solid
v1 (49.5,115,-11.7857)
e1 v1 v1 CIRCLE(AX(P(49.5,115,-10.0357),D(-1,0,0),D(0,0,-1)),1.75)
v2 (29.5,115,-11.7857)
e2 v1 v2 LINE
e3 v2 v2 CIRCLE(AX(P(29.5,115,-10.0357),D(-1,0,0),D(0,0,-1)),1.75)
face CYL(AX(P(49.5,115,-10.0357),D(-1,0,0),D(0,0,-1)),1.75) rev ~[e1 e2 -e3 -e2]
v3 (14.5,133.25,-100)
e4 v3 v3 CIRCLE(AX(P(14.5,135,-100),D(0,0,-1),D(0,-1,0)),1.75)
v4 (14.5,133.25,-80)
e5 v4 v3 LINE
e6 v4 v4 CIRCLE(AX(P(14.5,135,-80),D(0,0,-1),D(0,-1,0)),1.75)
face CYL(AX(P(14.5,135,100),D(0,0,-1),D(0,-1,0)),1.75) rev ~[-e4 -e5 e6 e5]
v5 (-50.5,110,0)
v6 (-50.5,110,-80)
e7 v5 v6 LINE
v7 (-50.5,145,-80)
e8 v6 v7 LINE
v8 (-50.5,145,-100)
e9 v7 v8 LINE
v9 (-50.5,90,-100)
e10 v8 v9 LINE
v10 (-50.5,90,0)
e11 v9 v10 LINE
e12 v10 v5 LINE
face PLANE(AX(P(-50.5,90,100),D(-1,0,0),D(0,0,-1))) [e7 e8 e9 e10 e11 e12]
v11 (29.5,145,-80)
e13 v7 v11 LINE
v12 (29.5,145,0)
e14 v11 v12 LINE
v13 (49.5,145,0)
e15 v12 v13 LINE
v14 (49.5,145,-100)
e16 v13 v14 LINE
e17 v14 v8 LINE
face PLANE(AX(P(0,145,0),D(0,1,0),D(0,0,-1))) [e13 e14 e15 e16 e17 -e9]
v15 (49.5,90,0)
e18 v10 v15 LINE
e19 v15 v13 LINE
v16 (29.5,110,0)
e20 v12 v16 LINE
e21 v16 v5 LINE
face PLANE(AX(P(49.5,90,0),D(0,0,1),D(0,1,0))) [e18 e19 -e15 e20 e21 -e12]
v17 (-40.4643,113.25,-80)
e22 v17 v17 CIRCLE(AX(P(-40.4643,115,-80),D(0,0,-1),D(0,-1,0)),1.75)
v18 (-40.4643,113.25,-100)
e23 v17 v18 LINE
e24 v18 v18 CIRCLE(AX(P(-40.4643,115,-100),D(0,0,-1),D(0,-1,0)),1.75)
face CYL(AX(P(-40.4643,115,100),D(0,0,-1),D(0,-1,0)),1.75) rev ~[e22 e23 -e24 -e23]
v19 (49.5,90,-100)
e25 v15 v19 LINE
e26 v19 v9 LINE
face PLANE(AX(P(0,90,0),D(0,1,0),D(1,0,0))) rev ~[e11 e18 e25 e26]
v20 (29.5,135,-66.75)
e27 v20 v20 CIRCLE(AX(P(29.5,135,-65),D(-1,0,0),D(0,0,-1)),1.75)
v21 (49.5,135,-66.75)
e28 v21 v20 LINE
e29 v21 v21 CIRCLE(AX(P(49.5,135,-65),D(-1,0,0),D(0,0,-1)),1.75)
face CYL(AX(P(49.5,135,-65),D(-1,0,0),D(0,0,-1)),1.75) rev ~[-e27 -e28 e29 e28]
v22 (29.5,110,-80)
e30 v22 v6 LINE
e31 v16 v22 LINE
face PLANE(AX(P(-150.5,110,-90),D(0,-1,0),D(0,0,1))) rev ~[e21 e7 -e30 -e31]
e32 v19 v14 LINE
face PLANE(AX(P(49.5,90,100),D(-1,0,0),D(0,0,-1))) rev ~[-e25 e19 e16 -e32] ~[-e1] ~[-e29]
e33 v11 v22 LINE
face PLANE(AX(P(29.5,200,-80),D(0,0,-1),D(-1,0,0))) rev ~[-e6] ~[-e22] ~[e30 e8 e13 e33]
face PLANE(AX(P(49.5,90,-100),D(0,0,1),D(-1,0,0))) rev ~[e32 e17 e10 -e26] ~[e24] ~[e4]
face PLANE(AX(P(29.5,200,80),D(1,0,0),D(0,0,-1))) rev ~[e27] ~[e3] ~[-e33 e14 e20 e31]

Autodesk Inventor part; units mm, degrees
ref_plane "YZ Plane" through (0, 0, 0) normal (1, 0, 0) x (0, 1, 0)
ref_plane "XZ Plane" through (0, 0, 0) normal (0, 1, 0) x (-1, 0, 0)
ref_plane "XY Plane" through (0, 0, 0) normal (0, 0, 1) x (1, 0, 0)
sketch "Boceto2" plane through (0, 0, 0) normal (0, 1, 0) x (-1, 0, 0)
  line L0 (7.5, 100) -> (-7.5, 100)
  line L1 (-7.5, 100) -> (-7.5, -100)
  line L2 (-7.5, -100) -> (7.5, -100)
  line L3 (7.5, -100) -> (7.5, 100)
  line L4 (7.5, 100) -> (-7.5, -100) construction
  line L5 (-7.5, 100) -> (7.5, -100) construction
  point P0 (0, 0)
  dimension "d7" = 15
  dimension "d8" = 200
extrude "Extrusión1" add sketch "Boceto2" along normal blind 10
sketch "Boceto3" plane through (0, 10, 0) normal (0, 1, 0) x (1, 0, 0)
  circle A0 centre (3.25, 58.25) radius 1.75
  line L0 (5, 50) -> (-5, 50)
  line L1 (-5, 50) -> (-5, 60)
  line L2 (-5, 60) -> (5, 60)
  line L3 (5, 60) -> (5, 50)
  line L4 (5, 50) -> (-5, 60) construction
  line L5 (-5, 50) -> (5, 60) construction
  circle A1 centre (-3.25, 51.75) radius 1.75
  line L6 (7.5, 100) -> (-7.5, 100) projected
  line L7 (-7.5, 0) -> (3.408, 0)
  line L8 (5, -60) -> (5, -50)
  line L9 (-5, -60) -> (5, -60)
  line L10 (5, -50) -> (-5, -50)
  line L11 (-5, -50) -> (-5, -60)
  line L12 (-5, -50) -> (5, -60) construction
  circle A2 centre (-3.25, -51.75) radius 1.75
  line L13 (5, -50) -> (-5, -60) construction
  circle A3 centre (3.25, -58.25) radius 1.75
  line L14 (-7.5, -100) -> (7.5, -100) projected
  point P0 (0, 0)
  point P1 (-5, 55)
  point P2 (0, 100)
  point P3 (-5, -55)
  dimension "d11" = 3.5
  dimension "d12" = 1.75
  dimension "d13" = 1.75
  dimension "d14" = 1.75
  dimension "d15" = 1.75
  dimension "d16" = 10
  dimension "d17" = 10
  dimension "d19" = 40
  dimension "d81" = 40
hole "Agujero1" at (3.25, 10, 58.25) at (-3.25, 10, 51.75) at (3.25, 10, -58.25) at (-3.25, 10, -51.75) direction (0, -1, 0) diameter 3.5 end through all
sketch "Boceto4" plane through (0, 10, 0) normal (0, 1, 0) x (1, 0, 0)
  line L0 (-7.5, 100) -> (-7.5, -100) projected
  line L1 (-7.5, -100) -> (7.5, -100)
  line L2 (7.5, -100) -> (7.5, -80)
  line L3 (7.5, -80) -> (-7.5, -80)
  line L4 (-7.5, -80) -> (-7.5, -100)
  line L5 (-7.5, 0) -> (1.0116, 0)
  line L6 (-7.5, -100) -> (-7.5, 100)
  line L7 (-7.5, 100) -> (7.5, 100)
  line L8 (7.5, 100) -> (7.5, 80)
  line L9 (7.5, 80) -> (-7.5, 80)
  line L10 (-7.5, 80) -> (-7.5, 100)
  point P0 (0, 0)
  point P1 (-7.5, -80)
  point P2 (-7.5, 80)
  dimension "d27" = 15
  dimension "d28" = 20
extrude "Extrusión2" add sketch "Boceto4" along normal blind 80
sketch "Boceto5" plane through (0, 90, 0) normal (0, 1, 0) x (1, 0, 0)
  line L0 (-7.5, -100) -> (7.5, -100) projected
  line L1 (-7.5, -100) -> (49.5, -100)
  line L2 (49.5, -100) -> (49.5, 100)
  line L3 (49.5, 100) -> (-7.5, 100)
  line L4 (-7.5, 100) -> (-7.5, -100)
  line L5 (49.5, -100) -> (-150.5, -100)
  line L6 (-150.5, -100) -> (-150.5, 100)
  line L7 (-150.5, 100) -> (49.5, 100)
  line L8 (49.5, 100) -> (49.5, -100)
  point P0 (0, 0)
  point P1 (-7.5, 100)
  dimension "d31" = 57
  dimension "d32" = 200
  dimension "d75" = 200
extrude "Extrusión3" add sketch "Boceto5" along normal blind 110
sketch "Boceto6" plane through (0, 200, 0) normal (0, 1, 0) x (1, 0, 0)
  line L0 (49.5, 100) -> (7.5, 100) projected
  line L1 (49.5, 100) -> (29.5, 100)
  line L2 (29.5, 100) -> (29.5, 80)
  line L3 (7.5, -100) -> (49.5, -100) projected
  line L4 (28.5, -100) -> (28.5, -80)
  line L5 (-150.5, 100) -> (-150.5, -100) projected
  line L6 (29.5, 80) -> (-150.5, 80)
  line L7 (-150.5, 80) -> (-150.5, -80)
  line L8 (-150.5, -80) -> (29.5, -80)
  line L9 (29.5, -80) -> (29.5, 80)
  line L10 (-150.5, -100) -> (49.5, -100) projected
  point P0 (7.5, 80)
  point P1 (-50.5, -100)
  dimension "d36" = 20
  dimension "d37" = 20
  dimension "d38" = 20
  dimension "d77" = 20
extrude "Extrusión4" cut sketch "Boceto6" against normal blind 90 contours L8 L5 L6 L9
sketch "Boceto7" plane through (-150.5, 90, -100) normal (-1, 0, 0) x (0, 0, 1)
  line L0 (0, 110) -> (20, 110) projected
  line L1 (20, 110) -> (10, 110)
  line L2 (10, 110) -> (10, 20)
  line L3 (10, 20) -> (20, 20)
  line L4 (20, 20) -> (20, 110)
  line L5 (180, 110) -> (180, 20) projected
  line L6 (180, 110) -> (190, 110)
  line L7 (190, 110) -> (190, 20)
  line L8 (190, 20) -> (180, 20)
  line L9 (180, 20) -> (180, 110)
  line L10 (200, 0) -> (200, 110) projected
  line L11 (0, 0) -> (0, 110) projected
  line L12 (0, 110) -> (10, 110)
  line L13 (10, 110) -> (10, 20)
  line L14 (10, 20) -> (0, 20)
  line L15 (0, 20) -> (0, 110)
  line L16 (200, 110) -> (0, 110) projected
  line L17 (200, 110) -> (190, 110)
  line L18 (190, 110) -> (190, 20)
  line L19 (190, 20) -> (200, 20)
  line L20 (200, 20) -> (200, 110)
  point P0 (100, -90)
  dimension "d63" = 10
  dimension "d65" = 10
  dimension "d76" = 10
extrude "Extrusión5" cut sketch "Boceto7" against normal blind 30 contours L6 L7 L8 L5 | L0 L4 L3 L2
sketch "Boceto8" plane through (-7.5, 0, 100) normal (0, 0, 1) x (1, 0, 0)
  line L0 (-113, 110) -> (-113, 200) projected
  line L1 (-113, 200) -> (-113, 110)
  circle A0 centre (-124.75, 183.25) radius 1.75
  line L2 (-123, 175) -> (-133, 175)
  line L3 (-133, 175) -> (-133, 185)
  line L4 (-133, 185) -> (-123, 185)
  line L5 (-123, 185) -> (-123, 175)
  line L6 (-123, 175) -> (-133, 185) construction
  line L7 (-133, 175) -> (-123, 185) construction
  circle A1 centre (-131.25, 176.75) radius 1.75
  line L8 (-143, 200) -> (57, 200) projected
  line L9 (-143, 90) -> (-143, 200) projected
  line L10 (-113, 155) -> (-128, 155)
  line L11 (-123, 125) -> (-123, 135)
  line L12 (-133, 125) -> (-123, 125)
  line L13 (-123, 135) -> (-133, 125) construction
  line L14 (-123, 135) -> (-133, 135)
  line L15 (-133, 135) -> (-123, 125) construction
  circle A2 centre (-131.25, 133.25) radius 1.75
  line L16 (-133, 135) -> (-133, 125)
  circle A3 centre (-124.75, 126.75) radius 1.75
  line L17 (-143, 110) -> (-113, 110) projected
  point P0 (7.5, 0)
  point P1 (-133, 180)
  point P2 (-123, 180)
  point P3 (-133, 130)
  point P4 (-123, 130)
  dimension "d45" = 3.5
  dimension "d46" = 1.75
  dimension "d47" = 1.75
  dimension "d48" = 1.75
  dimension "d49" = 1.75
  dimension "d50" = 10
  dimension "d51" = 10
  dimension "d52" = 15
  dimension "d53" = 10
  dimension "d54" = 10
  dimension "d55" = 15
hole "Agujero2" at (-132.25, 183.25, 100) at (-138.75, 176.75, 100) at (-138.75, 133.25, 100) at (-132.25, 126.75, 100) direction (0, 0, -1) diameter 3.5 end through all
ref_plane "Plano de trabajo1" through (-150.5, 90, 100) normal (0, -1, 0) x (1, 0, 0)
split "Dividir1" plane through (-150.5, 90, 100) removes the side toward (0, -1, 0)
ref_plane "Plano de trabajo2" through (49.5, 90, 0) normal (0, 0, -1) x (-1, 0, 0)
ref_plane "Plano de trabajo3" through (-50.5, 90, 100) normal (1, 0, 0) x (0, 0, -1)
ref_plane "Plano de trabajo4" through (0, 145, 0) normal (0, 1, 0) x (1, 0, 0)
sketch "Boceto9" plane through (-150.5, 90, 100) normal (0, 0, 1) x (1, 0, 0)
  line L0 (85.0357, 30) -> (115.0357, 30)
  circle A0 centre (110.0357, 25) radius 1.75
  line L1 (90.0357, 25) -> (110.0357, 25)
  line L2 (115.0357, 30) -> (115.0357, 20)
  circle A1 centre (90.0357, 25) radius 1.75
  line L3 (85.0357, 20) -> (115.0357, 30) construction
  line L4 (85.0357, 30) -> (115.0357, 20) construction
  line L5 (85.0357, 20) -> (85.0357, 30)
  line L6 (115.0357, 20) -> (85.0357, 20)
  line L7 (200, 0) -> (200, 110)
  line L8 (200, 55) -> (88.2857, 55)
  circle A2 centre (90.0357, 85) radius 1.75
  line L9 (85.0357, 80) -> (115.0357, 80)
  line L10 (85.0357, 80) -> (115.0357, 90) construction
  line L11 (85.0357, 90) -> (85.0357, 80)
  line L12 (115.0357, 90) -> (85.0357, 90)
  line L13 (85.0357, 90) -> (115.0357, 80) construction
  circle A3 centre (110.0357, 85) radius 1.75
  line L14 (90.0357, 85) -> (110.0357, 85)
  line L15 (115.0357, 80) -> (115.0357, 90)
  line L16 (100.0357, 55) -> (185.099, 55) construction
  line L17 (160, 70) -> (160, 40)
  circle A4 centre (165, 45) radius 1.75
  line L18 (170, 40) -> (170, 70)
  line L19 (170, 70) -> (160, 40) construction
  line L20 (160, 40) -> (170, 40)
  line L21 (160, 70) -> (170, 40) construction
  circle A5 centre (165, 65) radius 1.75
  line L22 (165, 65) -> (165, 45)
  line L23 (170, 70) -> (160, 70)
  circle A6 centre (55, 65) radius 1.75
  line L24 (60, 70) -> (60, 40)
  line L25 (60, 40) -> (50, 40)
  circle A7 centre (55, 45) radius 1.75
  line L26 (55, 65) -> (55, 45)
  line L27 (60, 70) -> (50, 40) construction
  line L28 (50, 40) -> (50, 70)
  line L29 (50, 70) -> (60, 40) construction
  line L30 (50, 70) -> (60, 70)
  line L31 (30, 110) -> (30, 20)
  point P0 (150.5, -90)
  point P1 (100.0357, 34.7141)
  point P2 (100.0357, 34.7141)
  point P3 (85.0357, 36.6749)
  point P4 (115.0357, 25)
  point P5 (115.0357, 85)
  point P6 (189.1833, 40)
  point P7 (165, 70)
  point P8 (70.0357, 40)
  point P9 (55, 70)
  dimension "d89" = 10
  dimension "d90" = 30
  dimension "d91" = 5
  dimension "d92" = 5
  dimension "d93" = 5
  dimension "d94" = 5
  dimension "d95" = 30
  dimension "d96" = 5
  dimension "d97" = 5
  dimension "d98" = 3.5
  dimension "d99" = 5
  dimension "d100" = 5
  dimension "d101" = 5
  dimension "d102" = 5
  dimension "d103" = 5
  dimension "d104" = 20
hole "Agujero3" at (-60.4643, 175, 100) at (-40.4643, 175, 100) at (14.5, 155, 100) at (-95.5, 155, 100) at (-95.5, 135, 100) at (-60.4643, 115, 100) at (-40.4643, 115, 100) at (14.5, 135, 100) direction (0, 0, -1) diameter 3.5 end through all
sketch "Boceto10" plane through (49.5, 90, 100) normal (1, 0, 0) x (0, 0, -1)
  line L0 (85.0357, 30) -> (115.0357, 30)
  circle A0 centre (110.0357, 25) radius 1.75
  line L1 (90.0357, 25) -> (110.0357, 25)
  line L2 (115.0357, 30) -> (115.0357, 20)
  circle A1 centre (90.0357, 25) radius 1.75
  line L3 (85.0357, 30) -> (115.0357, 20) construction
  line L4 (85.0357, 20) -> (85.0357, 30)
  line L5 (115.0357, 20) -> (85.0357, 20)
  line L6 (85.0357, 20) -> (115.0357, 30) construction
  line L7 (160, 70) -> (160, 40)
  circle A2 centre (165, 45) radius 1.75
  line L8 (160, 40) -> (170, 40)
  line L9 (165, 65) -> (165, 45)
  circle A3 centre (165, 65) radius 1.75
  line L10 (170, 70) -> (160, 40) construction
  line L11 (170, 70) -> (160, 70)
  line L12 (160, 70) -> (170, 40) construction
  line L13 (170, 40) -> (170, 70)
  line L14 (40, 70) -> (40, 40)
  line L15 (35, 65) -> (35, 45)
  circle A4 centre (35, 65) radius 1.75
  line L16 (40, 40) -> (30, 40)
  line L17 (40, 70) -> (30, 40) construction
  line L18 (30, 70) -> (40, 40) construction
  line L19 (30, 70) -> (40, 70)
  line L20 (30, 40) -> (30, 70)
  circle A5 centre (35, 45) radius 1.75
  circle A6 centre (90.0357, 85) radius 1.75
  line L21 (85.0357, 80) -> (115.0357, 80)
  line L22 (115.0357, 80) -> (115.0357, 90)
  circle A7 centre (110.0357, 85) radius 1.75
  line L23 (90.0357, 85) -> (110.0357, 85)
  line L24 (85.0357, 80) -> (115.0357, 90) construction
  line L25 (85.0357, 90) -> (85.0357, 80)
  line L26 (115.0357, 90) -> (85.0357, 90)
  line L27 (85.0357, 90) -> (115.0357, 80) construction
  line L28 (0, 0) -> (0, 110)
  line L29 (200, 0) -> (200, 110)
  point P0 (100, -90)
  point P1 (100.0357, 34.7141)
  point P2 (100.0357, 34.7141)
  point P3 (85.0357, 36.6749)
  point P4 (115.0357, 25)
  point P5 (88.2857, 55)
  point P6 (189.1833, 40)
  point P7 (165, 70)
  point P8 (70.0357, 40)
  point P9 (35, 70)
  point P10 (115.0357, 85)
  point P11 (100.0357, 55)
  dimension "d112" = 10
  dimension "d113" = 30
  dimension "d114" = 5
  dimension "d115" = 5
  dimension "d116" = 5
  dimension "d117" = 5
  dimension "d118" = 5
  dimension "d119" = 5
  dimension "d120" = 3.5
  dimension "d121" = 5
  dimension "d122" = 5
  dimension "d123" = 5
  dimension "d124" = 5
  dimension "d125" = 5
  dimension "d126" = 30
  dimension "d127" = 30
hole "Agujero4" at (49.5, 175, 9.9643) at (49.5, 175, -10.0357) at (49.5, 155, 65) at (49.5, 135, 65) at (49.5, 115, 9.9643) at (49.5, 115, -10.0357) at (49.5, 135, -65) at (49.5, 155, -65) direction (-1, 0, 0) diameter 3.5 end through all
split "Dividir2" plane through (-50.5, 90, 100) removes the side toward (-1, 0, 0)
split "Dividir3" plane through (0, 145, 0) removes the side toward (0, 1, 0)
split "Dividir4" plane through (49.5, 90, 0) removes the side toward (0, 0, 1)
properties part number "container_front_head_1"
